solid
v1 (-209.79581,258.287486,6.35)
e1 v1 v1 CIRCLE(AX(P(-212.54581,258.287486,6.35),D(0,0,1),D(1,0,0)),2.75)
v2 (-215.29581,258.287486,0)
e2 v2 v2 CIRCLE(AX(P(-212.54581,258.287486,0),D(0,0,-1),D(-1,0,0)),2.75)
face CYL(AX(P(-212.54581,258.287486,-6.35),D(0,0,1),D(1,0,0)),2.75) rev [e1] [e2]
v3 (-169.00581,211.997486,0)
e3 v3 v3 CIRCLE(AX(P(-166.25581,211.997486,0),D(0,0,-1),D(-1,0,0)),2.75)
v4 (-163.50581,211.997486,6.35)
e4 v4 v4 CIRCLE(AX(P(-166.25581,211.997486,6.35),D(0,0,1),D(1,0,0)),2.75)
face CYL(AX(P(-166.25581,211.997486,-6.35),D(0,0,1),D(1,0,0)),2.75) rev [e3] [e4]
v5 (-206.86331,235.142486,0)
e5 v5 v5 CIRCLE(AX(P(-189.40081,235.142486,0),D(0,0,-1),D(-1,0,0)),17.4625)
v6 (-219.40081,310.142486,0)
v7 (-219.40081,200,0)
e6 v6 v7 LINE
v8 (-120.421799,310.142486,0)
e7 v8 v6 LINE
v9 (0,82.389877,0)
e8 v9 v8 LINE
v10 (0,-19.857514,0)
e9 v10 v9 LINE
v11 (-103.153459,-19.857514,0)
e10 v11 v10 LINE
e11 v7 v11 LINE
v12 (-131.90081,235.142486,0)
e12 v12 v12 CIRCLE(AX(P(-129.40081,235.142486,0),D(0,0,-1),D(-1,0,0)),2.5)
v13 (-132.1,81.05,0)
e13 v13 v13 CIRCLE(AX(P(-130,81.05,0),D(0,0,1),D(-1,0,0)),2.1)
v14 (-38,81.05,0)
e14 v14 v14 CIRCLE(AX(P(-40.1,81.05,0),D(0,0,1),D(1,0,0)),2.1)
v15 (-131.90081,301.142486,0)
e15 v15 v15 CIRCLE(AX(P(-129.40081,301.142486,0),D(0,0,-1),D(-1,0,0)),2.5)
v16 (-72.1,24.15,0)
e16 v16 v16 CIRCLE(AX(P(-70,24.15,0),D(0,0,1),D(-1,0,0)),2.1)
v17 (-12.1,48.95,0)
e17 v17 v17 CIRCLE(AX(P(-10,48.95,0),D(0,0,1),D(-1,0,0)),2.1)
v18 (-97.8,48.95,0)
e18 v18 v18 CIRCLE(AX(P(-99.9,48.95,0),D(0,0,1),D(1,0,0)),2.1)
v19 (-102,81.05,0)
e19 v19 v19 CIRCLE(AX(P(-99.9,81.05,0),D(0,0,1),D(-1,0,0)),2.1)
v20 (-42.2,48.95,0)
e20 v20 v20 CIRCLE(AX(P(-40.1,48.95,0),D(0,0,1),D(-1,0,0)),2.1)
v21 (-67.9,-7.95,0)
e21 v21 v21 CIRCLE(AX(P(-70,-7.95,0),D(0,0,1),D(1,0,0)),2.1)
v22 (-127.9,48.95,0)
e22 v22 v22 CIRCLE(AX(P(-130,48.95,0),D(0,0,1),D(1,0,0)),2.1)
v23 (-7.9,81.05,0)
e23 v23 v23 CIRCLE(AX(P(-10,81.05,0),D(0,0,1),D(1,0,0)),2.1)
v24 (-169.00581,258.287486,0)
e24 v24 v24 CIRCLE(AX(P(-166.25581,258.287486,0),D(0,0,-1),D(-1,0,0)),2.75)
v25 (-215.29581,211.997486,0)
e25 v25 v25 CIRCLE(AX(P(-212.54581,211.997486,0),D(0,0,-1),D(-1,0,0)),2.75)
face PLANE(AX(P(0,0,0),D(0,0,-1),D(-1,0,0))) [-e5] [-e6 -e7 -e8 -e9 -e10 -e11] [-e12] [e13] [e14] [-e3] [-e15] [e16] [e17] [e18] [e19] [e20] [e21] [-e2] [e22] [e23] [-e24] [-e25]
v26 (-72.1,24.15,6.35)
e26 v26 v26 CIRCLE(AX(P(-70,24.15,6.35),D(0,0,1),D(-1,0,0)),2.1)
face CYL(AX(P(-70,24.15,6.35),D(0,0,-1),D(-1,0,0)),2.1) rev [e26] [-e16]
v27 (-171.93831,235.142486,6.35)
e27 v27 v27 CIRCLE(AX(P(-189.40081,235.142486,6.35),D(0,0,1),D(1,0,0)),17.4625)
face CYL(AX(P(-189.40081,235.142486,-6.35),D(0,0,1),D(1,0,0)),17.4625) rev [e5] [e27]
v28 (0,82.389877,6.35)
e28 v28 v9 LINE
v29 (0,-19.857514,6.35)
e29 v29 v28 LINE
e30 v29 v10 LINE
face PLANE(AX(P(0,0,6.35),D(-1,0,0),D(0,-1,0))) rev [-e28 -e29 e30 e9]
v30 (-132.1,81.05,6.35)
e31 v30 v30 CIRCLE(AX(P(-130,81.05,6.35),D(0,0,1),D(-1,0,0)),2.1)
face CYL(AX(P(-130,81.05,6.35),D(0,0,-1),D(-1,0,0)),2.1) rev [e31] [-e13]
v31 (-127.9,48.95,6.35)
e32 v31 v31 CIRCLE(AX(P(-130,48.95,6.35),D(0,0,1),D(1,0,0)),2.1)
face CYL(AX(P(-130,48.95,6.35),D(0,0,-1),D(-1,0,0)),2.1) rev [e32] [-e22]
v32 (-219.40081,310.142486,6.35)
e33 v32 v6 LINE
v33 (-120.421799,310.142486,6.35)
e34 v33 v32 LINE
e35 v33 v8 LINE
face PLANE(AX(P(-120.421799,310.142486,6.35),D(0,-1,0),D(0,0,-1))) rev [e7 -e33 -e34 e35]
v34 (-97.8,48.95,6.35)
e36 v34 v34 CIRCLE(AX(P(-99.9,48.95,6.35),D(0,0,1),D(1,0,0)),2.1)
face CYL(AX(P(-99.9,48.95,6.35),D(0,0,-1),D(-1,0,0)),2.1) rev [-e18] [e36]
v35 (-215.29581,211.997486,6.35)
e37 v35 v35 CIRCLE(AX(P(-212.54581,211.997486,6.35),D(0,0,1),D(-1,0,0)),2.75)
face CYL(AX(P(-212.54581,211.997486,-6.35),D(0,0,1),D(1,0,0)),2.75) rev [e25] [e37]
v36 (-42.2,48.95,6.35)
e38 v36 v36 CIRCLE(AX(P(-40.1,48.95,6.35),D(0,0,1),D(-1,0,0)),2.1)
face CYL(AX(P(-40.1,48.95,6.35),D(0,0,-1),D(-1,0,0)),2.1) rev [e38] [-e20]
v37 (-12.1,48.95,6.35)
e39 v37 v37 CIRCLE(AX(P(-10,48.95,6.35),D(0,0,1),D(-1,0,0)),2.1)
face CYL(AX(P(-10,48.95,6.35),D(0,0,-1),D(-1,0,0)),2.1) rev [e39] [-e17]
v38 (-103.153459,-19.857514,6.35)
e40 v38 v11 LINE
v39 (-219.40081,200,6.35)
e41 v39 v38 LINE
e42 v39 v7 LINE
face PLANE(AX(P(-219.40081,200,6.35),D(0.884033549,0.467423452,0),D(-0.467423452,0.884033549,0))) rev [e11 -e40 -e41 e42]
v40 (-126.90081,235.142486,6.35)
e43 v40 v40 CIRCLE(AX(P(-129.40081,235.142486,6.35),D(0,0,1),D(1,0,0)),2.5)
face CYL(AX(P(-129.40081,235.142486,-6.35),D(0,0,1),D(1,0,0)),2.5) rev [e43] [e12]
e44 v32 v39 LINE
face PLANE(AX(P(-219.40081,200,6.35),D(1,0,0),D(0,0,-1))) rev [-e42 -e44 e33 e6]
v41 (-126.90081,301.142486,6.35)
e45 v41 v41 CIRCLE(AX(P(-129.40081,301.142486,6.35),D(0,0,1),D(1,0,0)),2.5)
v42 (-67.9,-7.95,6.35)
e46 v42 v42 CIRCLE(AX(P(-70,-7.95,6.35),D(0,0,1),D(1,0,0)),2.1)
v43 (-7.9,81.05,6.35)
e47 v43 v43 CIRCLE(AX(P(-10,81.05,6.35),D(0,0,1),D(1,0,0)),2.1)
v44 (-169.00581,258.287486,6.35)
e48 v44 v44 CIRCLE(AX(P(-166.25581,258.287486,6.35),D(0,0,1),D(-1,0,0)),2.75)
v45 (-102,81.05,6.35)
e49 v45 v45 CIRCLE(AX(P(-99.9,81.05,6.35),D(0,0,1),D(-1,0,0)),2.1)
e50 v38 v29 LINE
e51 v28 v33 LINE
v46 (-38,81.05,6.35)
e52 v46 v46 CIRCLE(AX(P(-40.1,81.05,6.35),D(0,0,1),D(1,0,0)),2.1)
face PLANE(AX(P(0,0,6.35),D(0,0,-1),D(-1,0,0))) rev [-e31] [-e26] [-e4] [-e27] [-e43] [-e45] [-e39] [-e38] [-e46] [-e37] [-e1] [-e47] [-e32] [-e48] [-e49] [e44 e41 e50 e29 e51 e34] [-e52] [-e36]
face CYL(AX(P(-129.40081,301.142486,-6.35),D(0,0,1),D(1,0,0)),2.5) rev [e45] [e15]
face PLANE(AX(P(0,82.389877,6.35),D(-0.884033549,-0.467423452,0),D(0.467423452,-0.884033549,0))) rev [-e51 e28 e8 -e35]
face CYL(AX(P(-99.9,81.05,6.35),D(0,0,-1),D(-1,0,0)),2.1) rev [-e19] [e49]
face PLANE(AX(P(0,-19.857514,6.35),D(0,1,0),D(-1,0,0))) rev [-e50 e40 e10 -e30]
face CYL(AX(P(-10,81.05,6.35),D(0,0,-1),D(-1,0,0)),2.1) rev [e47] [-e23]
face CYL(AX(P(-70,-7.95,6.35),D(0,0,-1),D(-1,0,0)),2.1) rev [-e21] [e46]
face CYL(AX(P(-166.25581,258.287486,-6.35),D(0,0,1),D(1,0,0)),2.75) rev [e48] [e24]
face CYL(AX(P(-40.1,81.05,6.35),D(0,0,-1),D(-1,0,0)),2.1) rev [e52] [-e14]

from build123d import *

# Parameters (mm, degrees)
CROQUIS1_R              = 2.1
SALIENTE_EXTRUIR1_DEPTH = 6.35
CROQUIS2_R              = 2.75
CROQUIS2_R_2            = 17.4625
CROQUIS2_R_3            = 2.5
CORTAR_EXTRUIR1_DEPTH   = 12.7


with BuildPart() as part:
    # Croquis1 → Saliente-Extruir1 (new body)
    with BuildSketch(Plane.XY):
        Polygon((0, 0), (0, 82.389877484), (-120.421799317, 310.14248627), (-219.400809699, 310.14248627), (-219.400809699, 200), (-103.153458954, -19.85751373), (0, -19.85751373), align=None)
        with Locations((-40.1, 81.05)):
            Circle(CROQUIS1_R, mode=Mode.SUBTRACT)
        with Locations((-10, 81.05)):
            Circle(CROQUIS1_R, mode=Mode.SUBTRACT)
        with Locations((-10, 48.95)):
            Circle(CROQUIS1_R, mode=Mode.SUBTRACT)
        with Locations((-40.1, 48.95)):
            Circle(CROQUIS1_R, mode=Mode.SUBTRACT)
        with Locations((-130, 81.05)):
            Circle(CROQUIS1_R, mode=Mode.SUBTRACT)
        with Locations((-99.9, 81.05)):
            Circle(CROQUIS1_R, mode=Mode.SUBTRACT)
        with Locations((-99.9, 48.95)):
            Circle(CROQUIS1_R, mode=Mode.SUBTRACT)
        with Locations((-130, 48.95)):
            Circle(CROQUIS1_R, mode=Mode.SUBTRACT)
        with Locations((-70, 24.15)):
            Circle(CROQUIS1_R, mode=Mode.SUBTRACT)
        with Locations((-70, -7.95)):
            Circle(CROQUIS1_R, mode=Mode.SUBTRACT)
    extrude(amount=SALIENTE_EXTRUIR1_DEPTH)

    # Croquis2 → Cortar-Extruir1 (cut)
    with BuildSketch(Plane.XY.offset(6.35)):
        with Locations((-212.545809699, 258.28748627)):
            Circle(CROQUIS2_R)
        with Locations((-212.545809699, 211.99748627)):
            Circle(CROQUIS2_R)
        with Locations((-166.255809699, 211.99748627)):
            Circle(CROQUIS2_R)
        with Locations((-166.255809699, 258.28748627)):
            Circle(CROQUIS2_R)
        with Locations((-189.400809699, 235.14248627)):
            Circle(CROQUIS2_R_2)
        with Locations((-129.400809699, 235.14248627)):
            Circle(CROQUIS2_R_3)
        with Locations((-129.400809699, 301.14248627)):
            Circle(CROQUIS2_R_3)
    extrude(amount=-CORTAR_EXTRUIR1_DEPTH, mode=Mode.SUBTRACT)


solid = part.part
